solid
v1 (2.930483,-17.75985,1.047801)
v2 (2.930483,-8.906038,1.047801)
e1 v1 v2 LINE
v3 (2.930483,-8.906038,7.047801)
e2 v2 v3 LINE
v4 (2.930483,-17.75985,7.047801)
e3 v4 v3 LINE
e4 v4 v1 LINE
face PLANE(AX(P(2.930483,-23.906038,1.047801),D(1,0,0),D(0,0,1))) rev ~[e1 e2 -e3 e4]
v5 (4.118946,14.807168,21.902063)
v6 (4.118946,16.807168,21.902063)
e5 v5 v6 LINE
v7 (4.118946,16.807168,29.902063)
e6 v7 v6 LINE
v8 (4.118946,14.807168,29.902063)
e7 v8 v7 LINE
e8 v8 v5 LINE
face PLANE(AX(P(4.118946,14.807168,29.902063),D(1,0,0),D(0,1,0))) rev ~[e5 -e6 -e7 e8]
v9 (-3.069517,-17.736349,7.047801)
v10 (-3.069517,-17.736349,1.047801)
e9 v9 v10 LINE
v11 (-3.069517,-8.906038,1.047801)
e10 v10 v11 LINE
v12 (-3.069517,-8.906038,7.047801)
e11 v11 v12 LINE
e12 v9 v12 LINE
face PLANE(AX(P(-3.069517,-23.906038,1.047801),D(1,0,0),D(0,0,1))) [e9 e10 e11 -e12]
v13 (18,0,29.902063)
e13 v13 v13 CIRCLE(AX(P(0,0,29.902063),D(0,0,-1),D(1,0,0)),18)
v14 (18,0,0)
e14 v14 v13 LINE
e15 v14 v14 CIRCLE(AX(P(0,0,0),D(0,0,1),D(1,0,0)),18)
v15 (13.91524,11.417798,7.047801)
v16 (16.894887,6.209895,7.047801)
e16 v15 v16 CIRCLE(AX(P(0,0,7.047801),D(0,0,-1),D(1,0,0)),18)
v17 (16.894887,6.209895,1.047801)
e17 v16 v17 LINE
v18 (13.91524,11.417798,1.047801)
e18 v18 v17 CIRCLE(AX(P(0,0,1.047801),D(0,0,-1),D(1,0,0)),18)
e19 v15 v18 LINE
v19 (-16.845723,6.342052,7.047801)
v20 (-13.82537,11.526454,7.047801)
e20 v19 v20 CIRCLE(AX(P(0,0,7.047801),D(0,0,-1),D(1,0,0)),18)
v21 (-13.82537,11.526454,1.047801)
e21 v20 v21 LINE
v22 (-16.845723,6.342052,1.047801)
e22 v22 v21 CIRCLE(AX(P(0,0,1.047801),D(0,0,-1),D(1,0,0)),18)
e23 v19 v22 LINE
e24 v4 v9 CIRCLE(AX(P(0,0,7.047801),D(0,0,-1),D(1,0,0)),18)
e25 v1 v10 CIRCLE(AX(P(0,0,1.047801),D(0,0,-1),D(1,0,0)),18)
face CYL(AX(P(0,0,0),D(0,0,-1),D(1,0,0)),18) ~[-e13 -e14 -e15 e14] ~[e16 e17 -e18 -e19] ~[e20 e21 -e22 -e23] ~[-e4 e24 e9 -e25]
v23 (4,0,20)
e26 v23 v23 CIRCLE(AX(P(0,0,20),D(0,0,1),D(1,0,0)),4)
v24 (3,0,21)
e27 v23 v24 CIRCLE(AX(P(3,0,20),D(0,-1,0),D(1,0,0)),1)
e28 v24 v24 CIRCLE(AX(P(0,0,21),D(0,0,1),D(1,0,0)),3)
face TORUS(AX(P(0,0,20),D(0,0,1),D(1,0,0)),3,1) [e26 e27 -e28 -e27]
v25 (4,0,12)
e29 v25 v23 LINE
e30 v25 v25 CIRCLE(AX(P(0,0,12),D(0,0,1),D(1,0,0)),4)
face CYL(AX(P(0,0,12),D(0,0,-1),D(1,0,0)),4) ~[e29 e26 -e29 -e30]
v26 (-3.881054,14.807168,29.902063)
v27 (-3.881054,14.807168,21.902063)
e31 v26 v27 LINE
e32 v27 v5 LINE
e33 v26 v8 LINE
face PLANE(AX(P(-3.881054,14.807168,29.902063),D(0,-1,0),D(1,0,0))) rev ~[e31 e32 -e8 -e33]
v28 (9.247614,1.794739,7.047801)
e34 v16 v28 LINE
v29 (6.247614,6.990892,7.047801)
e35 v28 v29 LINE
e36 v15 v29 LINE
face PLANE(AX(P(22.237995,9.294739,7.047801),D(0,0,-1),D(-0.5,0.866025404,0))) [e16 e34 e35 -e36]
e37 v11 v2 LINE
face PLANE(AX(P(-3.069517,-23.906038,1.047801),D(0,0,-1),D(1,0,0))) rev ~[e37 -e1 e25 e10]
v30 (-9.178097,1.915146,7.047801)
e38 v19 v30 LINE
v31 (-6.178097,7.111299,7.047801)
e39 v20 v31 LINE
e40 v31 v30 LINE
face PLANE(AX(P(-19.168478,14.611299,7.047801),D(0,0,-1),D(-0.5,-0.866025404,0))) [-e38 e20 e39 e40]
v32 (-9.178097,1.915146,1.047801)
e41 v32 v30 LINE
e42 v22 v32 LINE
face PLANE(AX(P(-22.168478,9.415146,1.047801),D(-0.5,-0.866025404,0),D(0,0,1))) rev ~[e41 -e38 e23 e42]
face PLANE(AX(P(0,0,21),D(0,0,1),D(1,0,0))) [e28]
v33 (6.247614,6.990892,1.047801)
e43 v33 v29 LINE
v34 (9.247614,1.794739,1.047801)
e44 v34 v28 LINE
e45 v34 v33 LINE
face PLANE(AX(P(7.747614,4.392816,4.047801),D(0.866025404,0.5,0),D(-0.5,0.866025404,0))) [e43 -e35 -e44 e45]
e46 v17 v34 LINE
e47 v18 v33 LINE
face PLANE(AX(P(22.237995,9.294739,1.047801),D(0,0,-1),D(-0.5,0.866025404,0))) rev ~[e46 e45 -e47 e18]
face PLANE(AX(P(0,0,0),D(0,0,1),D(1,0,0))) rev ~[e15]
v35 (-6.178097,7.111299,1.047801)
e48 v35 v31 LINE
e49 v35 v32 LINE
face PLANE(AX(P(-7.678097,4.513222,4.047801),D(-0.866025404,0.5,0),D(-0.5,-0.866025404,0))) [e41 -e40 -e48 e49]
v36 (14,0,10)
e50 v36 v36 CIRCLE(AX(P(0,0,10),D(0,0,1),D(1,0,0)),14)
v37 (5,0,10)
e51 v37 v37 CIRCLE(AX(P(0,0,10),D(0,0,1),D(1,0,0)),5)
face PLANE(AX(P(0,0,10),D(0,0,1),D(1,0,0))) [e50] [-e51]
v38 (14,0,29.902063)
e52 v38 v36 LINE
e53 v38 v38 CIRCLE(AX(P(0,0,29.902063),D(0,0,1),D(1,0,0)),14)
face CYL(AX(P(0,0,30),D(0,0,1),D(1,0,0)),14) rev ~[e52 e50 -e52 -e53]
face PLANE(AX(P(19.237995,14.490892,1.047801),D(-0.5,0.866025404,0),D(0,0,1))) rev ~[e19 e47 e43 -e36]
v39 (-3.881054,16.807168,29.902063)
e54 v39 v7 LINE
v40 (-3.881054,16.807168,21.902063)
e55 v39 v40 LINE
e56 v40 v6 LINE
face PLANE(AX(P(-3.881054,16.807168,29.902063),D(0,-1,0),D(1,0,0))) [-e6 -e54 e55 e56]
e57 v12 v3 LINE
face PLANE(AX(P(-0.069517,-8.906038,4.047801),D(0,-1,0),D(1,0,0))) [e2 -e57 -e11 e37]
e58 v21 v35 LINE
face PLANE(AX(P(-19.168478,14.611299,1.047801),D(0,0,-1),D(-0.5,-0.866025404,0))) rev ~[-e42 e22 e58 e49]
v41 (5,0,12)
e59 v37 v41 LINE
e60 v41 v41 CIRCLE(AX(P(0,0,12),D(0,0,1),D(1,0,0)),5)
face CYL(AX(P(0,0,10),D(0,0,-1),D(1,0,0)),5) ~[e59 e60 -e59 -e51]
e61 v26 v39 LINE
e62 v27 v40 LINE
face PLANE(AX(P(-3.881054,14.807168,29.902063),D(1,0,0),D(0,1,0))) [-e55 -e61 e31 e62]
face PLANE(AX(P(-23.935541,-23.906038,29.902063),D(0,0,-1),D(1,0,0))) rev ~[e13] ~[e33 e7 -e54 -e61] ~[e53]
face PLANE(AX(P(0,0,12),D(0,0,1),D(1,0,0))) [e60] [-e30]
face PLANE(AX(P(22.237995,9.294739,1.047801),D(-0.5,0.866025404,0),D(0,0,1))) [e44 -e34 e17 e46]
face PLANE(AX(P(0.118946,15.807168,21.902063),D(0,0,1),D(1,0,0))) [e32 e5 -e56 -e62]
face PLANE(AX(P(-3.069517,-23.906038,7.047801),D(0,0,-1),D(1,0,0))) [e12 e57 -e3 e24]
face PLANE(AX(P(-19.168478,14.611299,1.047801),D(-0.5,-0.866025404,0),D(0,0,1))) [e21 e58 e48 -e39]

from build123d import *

# Parameters (mm, degrees)
SKETCH_R           = 18
PAD_DEPTH          = 30
SKETCH001_R        = 14
POCKET_DEPTH       = 20
SKETCH002_R        = 5
PAD001_DEPTH       = 2
SKETCH003_R        = 4
PAD002_DEPTH       = 9
FILLET_R           = 1
SKETCH004_W        = 47.033489
SKETCH004_H        = 47.446069
PAD003_DEPTH       = 10
SKETCH005_W        = 6
SKETCH005_H        = 6
POCKET001_DEPTH    = 15
POLARPATTERN_COUNT = 3
SKETCH006_W        = 48.40057
SKETCH006_H        = 10.44081
POCKET002_DEPTH    = 47.447069
SKETCH007_W        = 8
SKETCH007_H        = 2
POCKET003_DEPTH    = 8


with BuildPart() as part:
    # Sketch → Pad (new body)
    with BuildSketch(Plane.XY):
        Circle(SKETCH_R)
    extrude(amount=PAD_DEPTH)

    # Sketch001 (on Face3 of Pad) → Pocket (cut)
    with BuildSketch(Plane.XY.offset(30)):
        Circle(SKETCH001_R)
    extrude(amount=-POCKET_DEPTH, mode=Mode.SUBTRACT)

    # Sketch002 (on Face5 of Pocket) → Pad001 (join)
    with BuildSketch(Plane.XY.offset(10)):
        Circle(SKETCH002_R)
    extrude(amount=PAD001_DEPTH)

    # Sketch003 (on Face7 of Pad001) → Pad002 (join)
    with BuildSketch(Plane.XY.offset(12)):
        Circle(SKETCH003_R)
    extrude(amount=PAD002_DEPTH)

    # Fillet
    fillet_edges = [part.edges().sort_by_distance(p)[0] for p in [
        (-4, 0, 21),
    ]]
    fillet(fillet_edges, radius=FILLET_R)

    # Sketch004 (on Face8 of Fillet) → Pad003 (join)
    with BuildSketch(Plane.XY.offset(30)):
        with Locations((0.145404, -0.183003)):
            Rectangle(SKETCH004_W, SKETCH004_H)
    extrude(amount=PAD003_DEPTH)

    # Sketch005 (on Face6 of Pad003) → Pocket001 (cut)
    with BuildSketch(Plane.XZ.offset(23.906038)):
        with Locations((-0.069517, 4.047801)):
            Rectangle(SKETCH005_W, SKETCH005_H)
    pocket001 = extrude(amount=-POCKET001_DEPTH, mode=Mode.SUBTRACT)

    # PolarPattern: Pocket001 ×3 about axis
    polarpattern_axis = Axis((0, 0, 0), (0, 0, 1))
    for i in range(1, POLARPATTERN_COUNT):
        add(pocket001.rotate(polarpattern_axis, i * 360 / POLARPATTERN_COUNT), mode=Mode.SUBTRACT)

    # Sketch006 (on Face6 of PolarPattern) → Pocket002 (cut, through all)
    with BuildSketch(Plane.XZ.offset(23.906038)):
        with Locations((0.264744, 35.122468)):
            Rectangle(SKETCH006_W, SKETCH006_H)
    extrude(amount=-POCKET002_DEPTH, mode=Mode.SUBTRACT)

    # Sketch007 (on Face2 of Pocket002) → Pocket003 (cut)
    with BuildSketch(Plane.XY.offset(29.902063)):
        with Locations((0.118946, 15.807168)):
            Rectangle(SKETCH007_W, SKETCH007_H)
    extrude(amount=-POCKET003_DEPTH, mode=Mode.SUBTRACT)


solid = part.part
